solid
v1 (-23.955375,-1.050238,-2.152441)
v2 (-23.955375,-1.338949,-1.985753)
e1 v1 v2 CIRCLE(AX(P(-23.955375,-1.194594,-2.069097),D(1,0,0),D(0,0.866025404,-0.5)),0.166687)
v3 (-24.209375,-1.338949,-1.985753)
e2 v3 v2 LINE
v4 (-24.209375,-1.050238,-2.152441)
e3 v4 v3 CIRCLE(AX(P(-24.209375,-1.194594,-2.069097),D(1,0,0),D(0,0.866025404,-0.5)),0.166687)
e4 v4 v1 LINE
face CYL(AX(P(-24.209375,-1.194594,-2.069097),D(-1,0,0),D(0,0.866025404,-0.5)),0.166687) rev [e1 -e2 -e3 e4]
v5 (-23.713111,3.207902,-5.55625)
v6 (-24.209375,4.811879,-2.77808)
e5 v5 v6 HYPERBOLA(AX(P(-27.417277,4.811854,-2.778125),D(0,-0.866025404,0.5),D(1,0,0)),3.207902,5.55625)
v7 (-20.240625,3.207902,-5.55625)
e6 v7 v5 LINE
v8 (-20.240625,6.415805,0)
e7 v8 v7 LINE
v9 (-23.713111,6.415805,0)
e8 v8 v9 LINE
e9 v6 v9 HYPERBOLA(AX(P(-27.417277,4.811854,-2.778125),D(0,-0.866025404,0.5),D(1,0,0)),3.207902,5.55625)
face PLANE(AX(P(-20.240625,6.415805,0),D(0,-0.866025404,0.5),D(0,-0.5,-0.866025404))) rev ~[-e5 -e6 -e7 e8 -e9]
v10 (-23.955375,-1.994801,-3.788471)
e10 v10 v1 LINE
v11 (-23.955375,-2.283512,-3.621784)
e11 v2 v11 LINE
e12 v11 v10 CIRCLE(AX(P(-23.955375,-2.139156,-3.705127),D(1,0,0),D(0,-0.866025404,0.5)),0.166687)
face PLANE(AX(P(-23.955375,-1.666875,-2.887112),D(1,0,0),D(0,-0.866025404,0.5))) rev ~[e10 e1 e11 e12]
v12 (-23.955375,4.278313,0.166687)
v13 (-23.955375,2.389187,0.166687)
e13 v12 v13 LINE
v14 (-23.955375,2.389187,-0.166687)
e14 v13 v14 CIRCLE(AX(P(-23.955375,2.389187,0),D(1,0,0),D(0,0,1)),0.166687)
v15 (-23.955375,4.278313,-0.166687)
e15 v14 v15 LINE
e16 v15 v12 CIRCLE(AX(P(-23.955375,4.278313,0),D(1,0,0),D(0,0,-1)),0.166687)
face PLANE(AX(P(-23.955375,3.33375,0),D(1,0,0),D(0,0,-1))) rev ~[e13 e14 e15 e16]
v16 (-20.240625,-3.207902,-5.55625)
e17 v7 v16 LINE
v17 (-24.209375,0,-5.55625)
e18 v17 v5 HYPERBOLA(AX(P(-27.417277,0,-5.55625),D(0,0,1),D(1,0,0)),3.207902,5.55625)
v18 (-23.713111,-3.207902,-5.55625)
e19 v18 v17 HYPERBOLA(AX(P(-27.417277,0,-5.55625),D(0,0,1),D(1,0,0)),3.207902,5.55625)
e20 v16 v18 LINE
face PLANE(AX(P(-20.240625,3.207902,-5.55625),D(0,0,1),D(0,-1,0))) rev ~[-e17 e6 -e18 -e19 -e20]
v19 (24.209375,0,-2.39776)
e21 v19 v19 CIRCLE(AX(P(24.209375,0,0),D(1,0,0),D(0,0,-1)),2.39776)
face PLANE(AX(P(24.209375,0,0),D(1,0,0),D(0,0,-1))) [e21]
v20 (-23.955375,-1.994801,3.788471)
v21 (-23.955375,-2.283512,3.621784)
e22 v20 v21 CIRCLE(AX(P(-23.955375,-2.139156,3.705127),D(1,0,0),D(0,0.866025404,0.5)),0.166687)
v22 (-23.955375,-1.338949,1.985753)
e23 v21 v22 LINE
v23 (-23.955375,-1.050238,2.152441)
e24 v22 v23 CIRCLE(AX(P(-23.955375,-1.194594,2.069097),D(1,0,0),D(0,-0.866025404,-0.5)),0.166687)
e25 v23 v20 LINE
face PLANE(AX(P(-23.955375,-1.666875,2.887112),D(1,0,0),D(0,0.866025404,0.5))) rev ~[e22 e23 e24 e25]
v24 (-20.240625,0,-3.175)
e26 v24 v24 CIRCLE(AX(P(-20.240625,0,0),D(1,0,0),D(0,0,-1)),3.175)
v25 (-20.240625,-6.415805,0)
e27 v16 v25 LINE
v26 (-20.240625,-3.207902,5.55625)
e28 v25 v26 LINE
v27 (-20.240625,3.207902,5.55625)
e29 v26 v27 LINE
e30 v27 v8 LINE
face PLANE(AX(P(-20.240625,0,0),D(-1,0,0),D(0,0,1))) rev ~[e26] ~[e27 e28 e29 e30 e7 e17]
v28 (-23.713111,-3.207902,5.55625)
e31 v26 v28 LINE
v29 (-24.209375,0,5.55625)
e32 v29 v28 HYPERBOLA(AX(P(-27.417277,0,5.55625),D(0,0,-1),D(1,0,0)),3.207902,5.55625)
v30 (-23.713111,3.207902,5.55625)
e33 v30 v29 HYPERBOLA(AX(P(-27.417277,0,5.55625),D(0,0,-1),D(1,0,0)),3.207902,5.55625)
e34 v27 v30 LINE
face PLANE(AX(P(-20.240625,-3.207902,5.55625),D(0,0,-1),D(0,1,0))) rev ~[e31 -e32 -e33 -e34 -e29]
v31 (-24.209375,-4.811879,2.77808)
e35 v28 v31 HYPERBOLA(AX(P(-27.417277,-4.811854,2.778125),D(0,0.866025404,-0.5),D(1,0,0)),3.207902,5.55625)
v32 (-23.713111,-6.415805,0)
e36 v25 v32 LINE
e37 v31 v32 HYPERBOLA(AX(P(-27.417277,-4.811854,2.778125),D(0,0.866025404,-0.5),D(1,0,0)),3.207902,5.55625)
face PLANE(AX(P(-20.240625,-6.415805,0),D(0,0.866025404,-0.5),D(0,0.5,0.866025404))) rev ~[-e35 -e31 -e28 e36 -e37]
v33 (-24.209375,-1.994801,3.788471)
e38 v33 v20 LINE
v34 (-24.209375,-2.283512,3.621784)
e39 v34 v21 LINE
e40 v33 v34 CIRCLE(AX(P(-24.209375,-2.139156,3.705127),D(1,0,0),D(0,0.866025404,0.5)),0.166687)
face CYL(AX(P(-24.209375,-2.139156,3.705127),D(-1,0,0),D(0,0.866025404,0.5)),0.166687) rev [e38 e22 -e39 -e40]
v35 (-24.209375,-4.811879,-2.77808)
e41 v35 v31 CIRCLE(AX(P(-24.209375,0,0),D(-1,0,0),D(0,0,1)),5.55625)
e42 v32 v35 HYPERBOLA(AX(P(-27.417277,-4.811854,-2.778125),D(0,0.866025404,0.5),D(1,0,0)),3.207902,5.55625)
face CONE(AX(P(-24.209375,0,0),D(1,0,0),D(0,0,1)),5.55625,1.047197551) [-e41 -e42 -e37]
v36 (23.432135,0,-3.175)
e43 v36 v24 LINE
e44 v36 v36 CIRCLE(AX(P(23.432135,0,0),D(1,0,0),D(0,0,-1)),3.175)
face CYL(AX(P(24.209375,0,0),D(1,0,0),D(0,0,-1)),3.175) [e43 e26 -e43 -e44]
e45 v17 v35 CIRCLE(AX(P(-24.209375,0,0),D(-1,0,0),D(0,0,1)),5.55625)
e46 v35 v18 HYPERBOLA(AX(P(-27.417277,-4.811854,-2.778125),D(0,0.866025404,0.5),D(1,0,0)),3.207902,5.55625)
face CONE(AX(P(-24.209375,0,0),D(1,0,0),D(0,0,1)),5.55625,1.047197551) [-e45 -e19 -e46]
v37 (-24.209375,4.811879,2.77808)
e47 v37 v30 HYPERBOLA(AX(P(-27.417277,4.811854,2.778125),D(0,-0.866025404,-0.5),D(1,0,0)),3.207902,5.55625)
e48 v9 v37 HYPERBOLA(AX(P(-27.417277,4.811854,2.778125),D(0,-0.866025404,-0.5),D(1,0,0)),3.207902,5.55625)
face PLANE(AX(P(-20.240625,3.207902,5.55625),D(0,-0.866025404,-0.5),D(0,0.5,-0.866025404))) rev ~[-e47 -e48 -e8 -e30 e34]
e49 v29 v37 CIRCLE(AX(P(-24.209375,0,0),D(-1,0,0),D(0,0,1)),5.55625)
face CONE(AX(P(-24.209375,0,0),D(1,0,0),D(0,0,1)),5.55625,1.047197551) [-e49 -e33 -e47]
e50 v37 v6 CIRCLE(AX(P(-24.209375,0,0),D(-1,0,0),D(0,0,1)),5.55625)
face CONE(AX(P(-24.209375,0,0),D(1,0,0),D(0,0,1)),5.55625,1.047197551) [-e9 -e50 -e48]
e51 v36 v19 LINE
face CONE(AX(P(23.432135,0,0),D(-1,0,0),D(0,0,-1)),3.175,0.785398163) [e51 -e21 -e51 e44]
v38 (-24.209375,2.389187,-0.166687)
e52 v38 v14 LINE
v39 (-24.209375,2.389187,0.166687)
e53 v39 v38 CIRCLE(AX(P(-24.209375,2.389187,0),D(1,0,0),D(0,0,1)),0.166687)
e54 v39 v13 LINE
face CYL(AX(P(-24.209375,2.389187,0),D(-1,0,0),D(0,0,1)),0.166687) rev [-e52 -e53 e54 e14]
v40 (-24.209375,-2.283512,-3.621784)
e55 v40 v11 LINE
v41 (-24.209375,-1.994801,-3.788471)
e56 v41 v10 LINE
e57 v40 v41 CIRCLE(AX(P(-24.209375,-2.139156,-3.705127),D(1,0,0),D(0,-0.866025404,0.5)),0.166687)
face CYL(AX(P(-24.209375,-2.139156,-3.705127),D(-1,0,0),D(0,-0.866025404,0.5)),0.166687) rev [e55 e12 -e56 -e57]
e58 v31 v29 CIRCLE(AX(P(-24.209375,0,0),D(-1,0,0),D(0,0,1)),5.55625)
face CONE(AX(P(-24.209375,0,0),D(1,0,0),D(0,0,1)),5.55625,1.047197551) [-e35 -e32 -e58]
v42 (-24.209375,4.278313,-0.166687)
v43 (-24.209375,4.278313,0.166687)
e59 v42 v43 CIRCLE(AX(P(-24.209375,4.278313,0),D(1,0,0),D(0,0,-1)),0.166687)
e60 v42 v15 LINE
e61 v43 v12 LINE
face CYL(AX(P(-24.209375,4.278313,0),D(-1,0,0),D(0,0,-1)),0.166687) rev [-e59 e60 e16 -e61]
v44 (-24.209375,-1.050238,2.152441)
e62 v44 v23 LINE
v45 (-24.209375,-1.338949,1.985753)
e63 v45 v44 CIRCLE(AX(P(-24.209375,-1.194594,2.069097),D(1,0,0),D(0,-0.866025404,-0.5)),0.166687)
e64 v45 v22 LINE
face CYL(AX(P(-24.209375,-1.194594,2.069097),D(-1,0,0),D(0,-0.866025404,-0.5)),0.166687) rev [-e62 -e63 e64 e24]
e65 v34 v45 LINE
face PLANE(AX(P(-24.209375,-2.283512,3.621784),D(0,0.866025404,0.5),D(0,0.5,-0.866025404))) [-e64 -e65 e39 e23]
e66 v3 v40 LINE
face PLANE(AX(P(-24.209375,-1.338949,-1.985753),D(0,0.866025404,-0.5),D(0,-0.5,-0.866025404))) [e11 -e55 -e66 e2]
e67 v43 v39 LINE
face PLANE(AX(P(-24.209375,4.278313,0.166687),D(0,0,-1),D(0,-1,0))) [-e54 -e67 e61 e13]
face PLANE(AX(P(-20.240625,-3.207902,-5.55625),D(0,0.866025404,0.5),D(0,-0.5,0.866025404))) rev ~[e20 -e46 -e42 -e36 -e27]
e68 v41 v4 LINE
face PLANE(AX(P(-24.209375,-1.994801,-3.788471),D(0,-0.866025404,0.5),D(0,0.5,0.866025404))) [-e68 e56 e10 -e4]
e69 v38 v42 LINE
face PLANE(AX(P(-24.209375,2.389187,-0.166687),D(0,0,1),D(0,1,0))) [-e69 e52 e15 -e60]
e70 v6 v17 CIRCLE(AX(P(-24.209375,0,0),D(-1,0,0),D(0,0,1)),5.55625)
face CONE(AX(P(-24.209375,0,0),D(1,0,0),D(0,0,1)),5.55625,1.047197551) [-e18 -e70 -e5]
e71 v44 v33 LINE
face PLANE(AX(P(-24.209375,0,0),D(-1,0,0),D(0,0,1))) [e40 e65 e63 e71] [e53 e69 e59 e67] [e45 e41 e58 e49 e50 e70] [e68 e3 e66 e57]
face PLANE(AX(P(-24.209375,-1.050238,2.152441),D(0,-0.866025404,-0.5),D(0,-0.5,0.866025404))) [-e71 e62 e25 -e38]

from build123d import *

# Parameters (mm, degrees)
SKETCH5_R           = 3.175
BOSS_EXTRUDE3_DEPTH = 44.45
CHAMFER1_SIZE       = 0.77724
BOSS_EXTRUDE4_DEPTH = 3.96875
SKETCH8_OUTSIDE_W   = 197.122
SKETCH8_OUTSIDE_H   = 198.842
SKETCH8_OUTSIDE_R   = 5.55625
CUT_EXTRUDE3_DEPTH  = 50.156991545
CUT_EXTRUDE3_DRAFT  = -60
CUT_EXTRUDE4_DEPTH  = 0.254
CIRPATTERN1_COUNT   = 3


with BuildPart() as part:
    # Sketch5 → Boss-Extrude3 (new body)
    with BuildSketch(Plane(origin=(24.209375, 0, 0), x_dir=(0, 0, -1), z_dir=(1, 0, 0))):
        Circle(SKETCH5_R)
    extrude(amount=-BOSS_EXTRUDE3_DEPTH)

    # Chamfer1
    chamfer1_edges = [part.edges().sort_by_distance(p)[0] for p in [
        (24.209375, 0, 3.175),
    ]]
    chamfer(chamfer1_edges, length=CHAMFER1_SIZE)

    # Sketch6 → Boss-Extrude4 (add)
    with BuildSketch(Plane.ZY.offset(20.240625)):
        Polygon((5.55625, 3.207902433), (0, 6.415804866), (-5.55625, 3.207902433), (-5.55625, -3.207902433), (0, -6.415804866), (5.55625, -3.207902433), align=None)
    extrude(amount=BOSS_EXTRUDE4_DEPTH)


with BuildPart() as cut_extrude3_tool:
    # Sketch8 outside → Cut-Extrude3 (with draft: the straight prism first)
    with BuildSketch(Plane.ZY.offset(24.209375)):
        Rectangle(SKETCH8_OUTSIDE_W, SKETCH8_OUTSIDE_H)
        Circle(SKETCH8_OUTSIDE_R, mode=Mode.SUBTRACT)
    extrude(amount=-CUT_EXTRUDE3_DEPTH)
    # Cut-Extrude3: the draft: its side faces are tilted about the plane it starts from
    cut_extrude3_sides = [cut_extrude3_tool.faces().sort_by_distance(p)[0] for p in [
        (0.869120772, -99.421, 0),
        (0.869120772, 0, 98.561),
        (0.869120772, 99.421, 0),
        (0.869120772, 0, -98.561),
        (0.869120772, 0, -5.55625),
    ]]
    draft(cut_extrude3_sides, Plane.ZY.offset(24.209375), CUT_EXTRUDE3_DRAFT)


with BuildPart() as part_1:
    add(part.part)

    # Cut-Extrude3: cut by cut_extrude3_tool
    add(cut_extrude3_tool.part, mode=Mode.SUBTRACT)

    # Sketch12 → Cut-Extrude4 (cut)
    with BuildSketch(Plane.ZY.offset(24.209375)):
        with BuildLine():
            Line((0.1666875, 4.2783125), (0.1666875, 2.3891875))
            ThreePointArc((0.1666875, 2.3891875), (0, 2.2225), (-0.1666875, 2.3891875))
            Line((-0.1666875, 2.3891875), (-0.1666875, 4.2783125))
            ThreePointArc((-0.1666875, 4.2783125), (0, 4.445), (0.1666875, 4.2783125))
        make_face()
    cut_extrude4 = extrude(amount=-CUT_EXTRUDE4_DEPTH, mode=Mode.SUBTRACT)

    # CirPattern1: Cut-Extrude4 ×3 about axis
    cirpattern1_axis = Axis((0, 0, 0), (1, 0, 0))
    for i in range(1, CIRPATTERN1_COUNT):
        add(cut_extrude4.rotate(cirpattern1_axis, i * 360 / CIRPATTERN1_COUNT), mode=Mode.SUBTRACT)


solid = part_1.part
